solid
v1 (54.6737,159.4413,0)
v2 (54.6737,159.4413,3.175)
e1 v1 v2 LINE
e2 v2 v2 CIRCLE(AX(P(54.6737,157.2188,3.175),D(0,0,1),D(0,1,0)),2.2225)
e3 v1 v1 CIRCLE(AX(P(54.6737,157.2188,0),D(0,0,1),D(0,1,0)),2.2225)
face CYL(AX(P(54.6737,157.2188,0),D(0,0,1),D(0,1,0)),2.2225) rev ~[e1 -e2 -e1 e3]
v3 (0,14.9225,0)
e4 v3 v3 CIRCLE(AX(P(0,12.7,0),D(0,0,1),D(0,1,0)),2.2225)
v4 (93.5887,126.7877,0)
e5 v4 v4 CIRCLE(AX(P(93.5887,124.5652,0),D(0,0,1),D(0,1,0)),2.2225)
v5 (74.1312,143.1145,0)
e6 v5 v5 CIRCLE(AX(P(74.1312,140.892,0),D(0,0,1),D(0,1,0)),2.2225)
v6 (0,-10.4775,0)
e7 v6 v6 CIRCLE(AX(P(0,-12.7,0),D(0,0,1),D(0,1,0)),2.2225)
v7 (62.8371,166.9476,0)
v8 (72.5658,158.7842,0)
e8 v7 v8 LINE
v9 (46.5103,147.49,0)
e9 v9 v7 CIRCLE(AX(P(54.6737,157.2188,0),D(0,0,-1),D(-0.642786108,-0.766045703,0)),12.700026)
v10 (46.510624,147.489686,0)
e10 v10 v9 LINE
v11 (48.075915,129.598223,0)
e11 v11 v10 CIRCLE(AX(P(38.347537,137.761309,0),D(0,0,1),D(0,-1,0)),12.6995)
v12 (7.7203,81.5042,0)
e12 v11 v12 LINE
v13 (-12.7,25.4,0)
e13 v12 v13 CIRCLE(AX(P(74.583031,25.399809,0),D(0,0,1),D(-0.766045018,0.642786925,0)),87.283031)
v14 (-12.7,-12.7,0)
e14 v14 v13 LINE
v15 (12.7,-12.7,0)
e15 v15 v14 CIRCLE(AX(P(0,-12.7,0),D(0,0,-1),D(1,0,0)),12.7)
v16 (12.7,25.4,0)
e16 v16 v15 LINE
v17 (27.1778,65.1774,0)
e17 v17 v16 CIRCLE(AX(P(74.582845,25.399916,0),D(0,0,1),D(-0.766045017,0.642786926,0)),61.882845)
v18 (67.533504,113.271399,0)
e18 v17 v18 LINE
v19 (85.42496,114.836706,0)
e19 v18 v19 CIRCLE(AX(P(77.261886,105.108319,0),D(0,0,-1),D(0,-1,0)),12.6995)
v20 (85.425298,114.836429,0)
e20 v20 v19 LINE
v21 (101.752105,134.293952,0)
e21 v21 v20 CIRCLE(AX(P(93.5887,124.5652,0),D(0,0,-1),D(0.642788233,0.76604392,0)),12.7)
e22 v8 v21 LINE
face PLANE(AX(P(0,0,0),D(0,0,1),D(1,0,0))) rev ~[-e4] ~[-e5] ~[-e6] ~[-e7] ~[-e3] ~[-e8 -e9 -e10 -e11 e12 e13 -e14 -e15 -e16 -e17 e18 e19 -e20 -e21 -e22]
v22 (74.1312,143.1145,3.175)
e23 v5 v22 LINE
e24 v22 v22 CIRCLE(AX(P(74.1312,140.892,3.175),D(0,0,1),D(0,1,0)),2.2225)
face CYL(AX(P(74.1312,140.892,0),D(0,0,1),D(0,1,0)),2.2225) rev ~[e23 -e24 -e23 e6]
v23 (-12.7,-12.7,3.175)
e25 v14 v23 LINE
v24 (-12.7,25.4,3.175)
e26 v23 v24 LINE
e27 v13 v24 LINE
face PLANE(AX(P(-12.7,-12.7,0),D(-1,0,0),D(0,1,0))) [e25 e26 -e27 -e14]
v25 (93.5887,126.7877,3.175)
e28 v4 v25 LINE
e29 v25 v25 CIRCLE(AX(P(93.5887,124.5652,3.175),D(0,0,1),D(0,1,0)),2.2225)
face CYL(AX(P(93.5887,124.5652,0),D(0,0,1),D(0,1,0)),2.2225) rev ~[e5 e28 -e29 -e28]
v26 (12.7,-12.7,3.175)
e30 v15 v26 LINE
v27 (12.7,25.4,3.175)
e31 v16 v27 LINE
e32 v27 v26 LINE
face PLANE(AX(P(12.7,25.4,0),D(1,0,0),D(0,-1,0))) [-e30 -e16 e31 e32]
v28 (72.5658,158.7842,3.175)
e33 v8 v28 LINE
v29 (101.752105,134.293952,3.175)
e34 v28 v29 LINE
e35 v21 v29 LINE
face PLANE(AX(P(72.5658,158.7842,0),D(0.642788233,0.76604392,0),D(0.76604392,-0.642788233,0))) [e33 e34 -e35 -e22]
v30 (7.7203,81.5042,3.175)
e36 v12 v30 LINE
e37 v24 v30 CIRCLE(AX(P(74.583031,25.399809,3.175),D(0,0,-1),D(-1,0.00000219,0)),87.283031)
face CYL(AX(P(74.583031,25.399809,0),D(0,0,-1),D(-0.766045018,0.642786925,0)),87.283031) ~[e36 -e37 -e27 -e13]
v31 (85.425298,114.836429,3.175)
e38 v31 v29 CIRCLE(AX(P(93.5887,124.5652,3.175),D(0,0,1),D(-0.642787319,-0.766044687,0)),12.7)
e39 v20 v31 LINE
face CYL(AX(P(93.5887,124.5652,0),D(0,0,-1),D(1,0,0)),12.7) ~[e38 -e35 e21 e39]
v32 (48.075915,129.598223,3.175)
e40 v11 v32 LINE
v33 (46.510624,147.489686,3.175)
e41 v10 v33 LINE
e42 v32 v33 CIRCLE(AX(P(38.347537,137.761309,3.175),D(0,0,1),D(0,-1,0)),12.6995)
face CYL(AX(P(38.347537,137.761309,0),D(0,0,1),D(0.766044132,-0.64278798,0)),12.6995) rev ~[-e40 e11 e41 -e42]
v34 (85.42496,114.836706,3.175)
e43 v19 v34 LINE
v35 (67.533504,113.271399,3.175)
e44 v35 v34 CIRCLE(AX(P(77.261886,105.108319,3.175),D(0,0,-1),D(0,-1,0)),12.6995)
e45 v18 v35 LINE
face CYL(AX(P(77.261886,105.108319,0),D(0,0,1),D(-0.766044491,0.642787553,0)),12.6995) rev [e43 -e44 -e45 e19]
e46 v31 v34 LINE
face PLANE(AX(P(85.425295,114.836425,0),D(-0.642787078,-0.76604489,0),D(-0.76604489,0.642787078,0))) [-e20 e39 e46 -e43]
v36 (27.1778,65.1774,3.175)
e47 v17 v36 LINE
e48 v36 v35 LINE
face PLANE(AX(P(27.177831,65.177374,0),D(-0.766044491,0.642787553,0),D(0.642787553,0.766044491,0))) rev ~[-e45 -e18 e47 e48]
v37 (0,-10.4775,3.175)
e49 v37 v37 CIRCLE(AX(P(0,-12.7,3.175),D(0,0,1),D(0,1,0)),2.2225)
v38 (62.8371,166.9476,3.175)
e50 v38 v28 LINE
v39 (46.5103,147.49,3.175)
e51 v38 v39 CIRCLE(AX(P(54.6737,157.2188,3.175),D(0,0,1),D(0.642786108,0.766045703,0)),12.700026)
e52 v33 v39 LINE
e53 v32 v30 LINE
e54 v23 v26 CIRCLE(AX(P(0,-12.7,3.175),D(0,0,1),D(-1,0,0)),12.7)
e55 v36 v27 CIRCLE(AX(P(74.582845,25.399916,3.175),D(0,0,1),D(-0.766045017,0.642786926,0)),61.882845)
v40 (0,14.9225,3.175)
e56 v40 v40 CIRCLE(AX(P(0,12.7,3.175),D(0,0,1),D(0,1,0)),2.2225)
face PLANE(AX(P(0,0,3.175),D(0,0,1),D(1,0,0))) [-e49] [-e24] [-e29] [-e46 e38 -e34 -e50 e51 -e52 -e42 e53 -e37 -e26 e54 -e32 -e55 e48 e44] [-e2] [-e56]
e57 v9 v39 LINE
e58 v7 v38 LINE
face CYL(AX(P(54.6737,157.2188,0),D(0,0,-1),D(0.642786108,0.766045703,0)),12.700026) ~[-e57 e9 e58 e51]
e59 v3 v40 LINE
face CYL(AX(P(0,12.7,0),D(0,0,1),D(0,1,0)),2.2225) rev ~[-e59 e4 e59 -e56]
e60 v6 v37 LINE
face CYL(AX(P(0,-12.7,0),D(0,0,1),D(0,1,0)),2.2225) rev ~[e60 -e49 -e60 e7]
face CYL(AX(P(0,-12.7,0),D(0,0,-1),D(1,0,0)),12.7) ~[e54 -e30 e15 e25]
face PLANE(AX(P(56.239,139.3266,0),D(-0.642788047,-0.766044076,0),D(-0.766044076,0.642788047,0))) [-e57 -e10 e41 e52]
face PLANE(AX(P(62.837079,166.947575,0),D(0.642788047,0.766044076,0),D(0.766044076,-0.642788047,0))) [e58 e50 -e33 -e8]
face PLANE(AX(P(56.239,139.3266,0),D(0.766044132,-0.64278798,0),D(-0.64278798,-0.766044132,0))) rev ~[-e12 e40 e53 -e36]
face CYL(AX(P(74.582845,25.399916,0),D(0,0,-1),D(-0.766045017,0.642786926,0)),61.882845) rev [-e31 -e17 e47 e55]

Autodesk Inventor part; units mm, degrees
ref_plane "YZ Plane" through (0, 0, 0) normal (1, 0, 0) x (0, 1, 0)
ref_plane "XZ Plane" through (0, 0, 0) normal (0, 1, 0) x (-1, 0, 0)
ref_plane "XY Plane" through (0, 0, 0) normal (0, 0, 1) x (1, 0, 0)
sketch "Sketch1" plane through (0, 0, 0) normal (0, 0, 1) x (1, 0, 0)
  line L0 (-12.7, 25.4) -> (12.7, 25.4)
  line L1 (12.7, 25.4) -> (12.7, -25.4)
  line L2 (12.7, -25.4) -> (-12.7, -25.4)
  line L3 (-12.7, -25.4) -> (-12.7, 25.4)
  line L4 (-12.7, 25.4) -> (12.7, -25.4) construction
  line L5 (12.7, 25.4) -> (-12.7, -25.4) construction
  line L6 (72.5658, 158.7842) -> (111.4809, 126.1305)
  line L7 (111.4809, 126.1305) -> (95.1541, 106.673)
  line L8 (95.1541, 106.673) -> (56.239, 139.3266)
  line L9 (56.239, 139.3266) -> (72.5658, 158.7842)
  line L10 (72.5658, 158.7842) -> (95.1541, 106.673) construction
  line L11 (111.4809, 126.1305) -> (56.239, 139.3266) construction
  line L12 (74.1312, 140.892) -> (93.5887, 124.5652) construction
  line L13 (0, -12.7) -> (0, 12.7) construction
  line L14 (-12.7, -25.4) -> (12.7, -25.4)
  line L15 (12.7, -25.4) -> (12.7, -50.8)
  line L16 (12.7, -50.8) -> (-12.7, -50.8)
  line L17 (-12.7, -50.8) -> (-12.7, -25.4)
  circle A0 centre (0, -38.1) radius 12.7
  line L18 (75.6966, 122.9998) -> (56.239, 139.3266)
  line L19 (56.239, 139.3266) -> (-17.8482, 51.033)
  line L20 (-17.8482, 51.033) -> (1.6094, 34.7061)
  line L21 (1.6094, 34.7061) -> (75.6966, 122.9998)
  line L22 (72.5658, 158.7842) -> (56.239, 139.3266)
  line L23 (56.239, 139.3266) -> (36.7815, 155.6534)
  line L24 (36.7815, 155.6534) -> (53.1083, 175.111)
  line L25 (53.1083, 175.111) -> (72.5658, 158.7842)
  line L26 (54.6737, 157.2188) -> (74.1312, 140.892) construction
  arc A1 (62.8371, 166.9476) -> (46.5103, 147.49) centre (54.6737, 157.2188) ccw
  circle A2 centre (93.5887, 124.5652) radius 12.7
  line L27 (192.4417, 25.039) -> (17.324, 171.9802)
  circle A3 centre (0, -12.7) radius 12.7
  arc A4 (7.7203, 81.5042) -> (-12.7, 25.4) centre (74.5827, 25.4) ccw
  arc A5 (27.1778, 65.1774) -> (12.7, 25.4) centre (74.5827, 25.4) ccw
  point P0 (0, 0)
  point P1 (0, 0)
  point P2 (0, 0)
  point P3 (83.86, 132.7286)
  point P4 (83.86, 132.7286)
  point P5 (-12.7, -38.1)
  point P6 (12.7, -38.1)
  point P7 (-12.7, -4.4935)
  point P8 (12.7, -4.4935)
  point P9 (75.6966, 122.9998)
  point P10 (85.4253, 114.8364)
  point P11 (101.7521, 134.294)
  point P12 (-12.7, -12.7)
  point P13 (12.7, -12.7)
  dimension "d0" = 25.4
  dimension "d1" = 50.8
  dimension "d2" = 25.4
  dimension "d3" = 12.7
  dimension "d17" = 127
extrude "Extrusion1" add sketch "Sketch1" along normal blind 3.175 contours A4 L20 L21 A5 L0 | L0 L1 A3 L3 | A3 | A4 L19 L8 L21 L20 | L8 L9 L6 A2 | L23 A1 L25 L9 | A2
hole "Hole1" at (0, -12.7, 0) at (0, 12.7, 0) at (93.5887, 124.5652, 0) at (74.1312, 140.892, 0) at (0, -38.1, 0) at (54.6737, 157.2188, 0) direction (0, 0, 1) diameter 4.445 end through all
fillet "Fillet1" radius 12.7 2 edges at (56.239, 139.3266, 1.5875) (75.6966, 122.9998, 1.5875)
equation "\"d3\" = 0.5 * d2"
properties part number "Hood Upper Bracket" material "PET Plastic"
